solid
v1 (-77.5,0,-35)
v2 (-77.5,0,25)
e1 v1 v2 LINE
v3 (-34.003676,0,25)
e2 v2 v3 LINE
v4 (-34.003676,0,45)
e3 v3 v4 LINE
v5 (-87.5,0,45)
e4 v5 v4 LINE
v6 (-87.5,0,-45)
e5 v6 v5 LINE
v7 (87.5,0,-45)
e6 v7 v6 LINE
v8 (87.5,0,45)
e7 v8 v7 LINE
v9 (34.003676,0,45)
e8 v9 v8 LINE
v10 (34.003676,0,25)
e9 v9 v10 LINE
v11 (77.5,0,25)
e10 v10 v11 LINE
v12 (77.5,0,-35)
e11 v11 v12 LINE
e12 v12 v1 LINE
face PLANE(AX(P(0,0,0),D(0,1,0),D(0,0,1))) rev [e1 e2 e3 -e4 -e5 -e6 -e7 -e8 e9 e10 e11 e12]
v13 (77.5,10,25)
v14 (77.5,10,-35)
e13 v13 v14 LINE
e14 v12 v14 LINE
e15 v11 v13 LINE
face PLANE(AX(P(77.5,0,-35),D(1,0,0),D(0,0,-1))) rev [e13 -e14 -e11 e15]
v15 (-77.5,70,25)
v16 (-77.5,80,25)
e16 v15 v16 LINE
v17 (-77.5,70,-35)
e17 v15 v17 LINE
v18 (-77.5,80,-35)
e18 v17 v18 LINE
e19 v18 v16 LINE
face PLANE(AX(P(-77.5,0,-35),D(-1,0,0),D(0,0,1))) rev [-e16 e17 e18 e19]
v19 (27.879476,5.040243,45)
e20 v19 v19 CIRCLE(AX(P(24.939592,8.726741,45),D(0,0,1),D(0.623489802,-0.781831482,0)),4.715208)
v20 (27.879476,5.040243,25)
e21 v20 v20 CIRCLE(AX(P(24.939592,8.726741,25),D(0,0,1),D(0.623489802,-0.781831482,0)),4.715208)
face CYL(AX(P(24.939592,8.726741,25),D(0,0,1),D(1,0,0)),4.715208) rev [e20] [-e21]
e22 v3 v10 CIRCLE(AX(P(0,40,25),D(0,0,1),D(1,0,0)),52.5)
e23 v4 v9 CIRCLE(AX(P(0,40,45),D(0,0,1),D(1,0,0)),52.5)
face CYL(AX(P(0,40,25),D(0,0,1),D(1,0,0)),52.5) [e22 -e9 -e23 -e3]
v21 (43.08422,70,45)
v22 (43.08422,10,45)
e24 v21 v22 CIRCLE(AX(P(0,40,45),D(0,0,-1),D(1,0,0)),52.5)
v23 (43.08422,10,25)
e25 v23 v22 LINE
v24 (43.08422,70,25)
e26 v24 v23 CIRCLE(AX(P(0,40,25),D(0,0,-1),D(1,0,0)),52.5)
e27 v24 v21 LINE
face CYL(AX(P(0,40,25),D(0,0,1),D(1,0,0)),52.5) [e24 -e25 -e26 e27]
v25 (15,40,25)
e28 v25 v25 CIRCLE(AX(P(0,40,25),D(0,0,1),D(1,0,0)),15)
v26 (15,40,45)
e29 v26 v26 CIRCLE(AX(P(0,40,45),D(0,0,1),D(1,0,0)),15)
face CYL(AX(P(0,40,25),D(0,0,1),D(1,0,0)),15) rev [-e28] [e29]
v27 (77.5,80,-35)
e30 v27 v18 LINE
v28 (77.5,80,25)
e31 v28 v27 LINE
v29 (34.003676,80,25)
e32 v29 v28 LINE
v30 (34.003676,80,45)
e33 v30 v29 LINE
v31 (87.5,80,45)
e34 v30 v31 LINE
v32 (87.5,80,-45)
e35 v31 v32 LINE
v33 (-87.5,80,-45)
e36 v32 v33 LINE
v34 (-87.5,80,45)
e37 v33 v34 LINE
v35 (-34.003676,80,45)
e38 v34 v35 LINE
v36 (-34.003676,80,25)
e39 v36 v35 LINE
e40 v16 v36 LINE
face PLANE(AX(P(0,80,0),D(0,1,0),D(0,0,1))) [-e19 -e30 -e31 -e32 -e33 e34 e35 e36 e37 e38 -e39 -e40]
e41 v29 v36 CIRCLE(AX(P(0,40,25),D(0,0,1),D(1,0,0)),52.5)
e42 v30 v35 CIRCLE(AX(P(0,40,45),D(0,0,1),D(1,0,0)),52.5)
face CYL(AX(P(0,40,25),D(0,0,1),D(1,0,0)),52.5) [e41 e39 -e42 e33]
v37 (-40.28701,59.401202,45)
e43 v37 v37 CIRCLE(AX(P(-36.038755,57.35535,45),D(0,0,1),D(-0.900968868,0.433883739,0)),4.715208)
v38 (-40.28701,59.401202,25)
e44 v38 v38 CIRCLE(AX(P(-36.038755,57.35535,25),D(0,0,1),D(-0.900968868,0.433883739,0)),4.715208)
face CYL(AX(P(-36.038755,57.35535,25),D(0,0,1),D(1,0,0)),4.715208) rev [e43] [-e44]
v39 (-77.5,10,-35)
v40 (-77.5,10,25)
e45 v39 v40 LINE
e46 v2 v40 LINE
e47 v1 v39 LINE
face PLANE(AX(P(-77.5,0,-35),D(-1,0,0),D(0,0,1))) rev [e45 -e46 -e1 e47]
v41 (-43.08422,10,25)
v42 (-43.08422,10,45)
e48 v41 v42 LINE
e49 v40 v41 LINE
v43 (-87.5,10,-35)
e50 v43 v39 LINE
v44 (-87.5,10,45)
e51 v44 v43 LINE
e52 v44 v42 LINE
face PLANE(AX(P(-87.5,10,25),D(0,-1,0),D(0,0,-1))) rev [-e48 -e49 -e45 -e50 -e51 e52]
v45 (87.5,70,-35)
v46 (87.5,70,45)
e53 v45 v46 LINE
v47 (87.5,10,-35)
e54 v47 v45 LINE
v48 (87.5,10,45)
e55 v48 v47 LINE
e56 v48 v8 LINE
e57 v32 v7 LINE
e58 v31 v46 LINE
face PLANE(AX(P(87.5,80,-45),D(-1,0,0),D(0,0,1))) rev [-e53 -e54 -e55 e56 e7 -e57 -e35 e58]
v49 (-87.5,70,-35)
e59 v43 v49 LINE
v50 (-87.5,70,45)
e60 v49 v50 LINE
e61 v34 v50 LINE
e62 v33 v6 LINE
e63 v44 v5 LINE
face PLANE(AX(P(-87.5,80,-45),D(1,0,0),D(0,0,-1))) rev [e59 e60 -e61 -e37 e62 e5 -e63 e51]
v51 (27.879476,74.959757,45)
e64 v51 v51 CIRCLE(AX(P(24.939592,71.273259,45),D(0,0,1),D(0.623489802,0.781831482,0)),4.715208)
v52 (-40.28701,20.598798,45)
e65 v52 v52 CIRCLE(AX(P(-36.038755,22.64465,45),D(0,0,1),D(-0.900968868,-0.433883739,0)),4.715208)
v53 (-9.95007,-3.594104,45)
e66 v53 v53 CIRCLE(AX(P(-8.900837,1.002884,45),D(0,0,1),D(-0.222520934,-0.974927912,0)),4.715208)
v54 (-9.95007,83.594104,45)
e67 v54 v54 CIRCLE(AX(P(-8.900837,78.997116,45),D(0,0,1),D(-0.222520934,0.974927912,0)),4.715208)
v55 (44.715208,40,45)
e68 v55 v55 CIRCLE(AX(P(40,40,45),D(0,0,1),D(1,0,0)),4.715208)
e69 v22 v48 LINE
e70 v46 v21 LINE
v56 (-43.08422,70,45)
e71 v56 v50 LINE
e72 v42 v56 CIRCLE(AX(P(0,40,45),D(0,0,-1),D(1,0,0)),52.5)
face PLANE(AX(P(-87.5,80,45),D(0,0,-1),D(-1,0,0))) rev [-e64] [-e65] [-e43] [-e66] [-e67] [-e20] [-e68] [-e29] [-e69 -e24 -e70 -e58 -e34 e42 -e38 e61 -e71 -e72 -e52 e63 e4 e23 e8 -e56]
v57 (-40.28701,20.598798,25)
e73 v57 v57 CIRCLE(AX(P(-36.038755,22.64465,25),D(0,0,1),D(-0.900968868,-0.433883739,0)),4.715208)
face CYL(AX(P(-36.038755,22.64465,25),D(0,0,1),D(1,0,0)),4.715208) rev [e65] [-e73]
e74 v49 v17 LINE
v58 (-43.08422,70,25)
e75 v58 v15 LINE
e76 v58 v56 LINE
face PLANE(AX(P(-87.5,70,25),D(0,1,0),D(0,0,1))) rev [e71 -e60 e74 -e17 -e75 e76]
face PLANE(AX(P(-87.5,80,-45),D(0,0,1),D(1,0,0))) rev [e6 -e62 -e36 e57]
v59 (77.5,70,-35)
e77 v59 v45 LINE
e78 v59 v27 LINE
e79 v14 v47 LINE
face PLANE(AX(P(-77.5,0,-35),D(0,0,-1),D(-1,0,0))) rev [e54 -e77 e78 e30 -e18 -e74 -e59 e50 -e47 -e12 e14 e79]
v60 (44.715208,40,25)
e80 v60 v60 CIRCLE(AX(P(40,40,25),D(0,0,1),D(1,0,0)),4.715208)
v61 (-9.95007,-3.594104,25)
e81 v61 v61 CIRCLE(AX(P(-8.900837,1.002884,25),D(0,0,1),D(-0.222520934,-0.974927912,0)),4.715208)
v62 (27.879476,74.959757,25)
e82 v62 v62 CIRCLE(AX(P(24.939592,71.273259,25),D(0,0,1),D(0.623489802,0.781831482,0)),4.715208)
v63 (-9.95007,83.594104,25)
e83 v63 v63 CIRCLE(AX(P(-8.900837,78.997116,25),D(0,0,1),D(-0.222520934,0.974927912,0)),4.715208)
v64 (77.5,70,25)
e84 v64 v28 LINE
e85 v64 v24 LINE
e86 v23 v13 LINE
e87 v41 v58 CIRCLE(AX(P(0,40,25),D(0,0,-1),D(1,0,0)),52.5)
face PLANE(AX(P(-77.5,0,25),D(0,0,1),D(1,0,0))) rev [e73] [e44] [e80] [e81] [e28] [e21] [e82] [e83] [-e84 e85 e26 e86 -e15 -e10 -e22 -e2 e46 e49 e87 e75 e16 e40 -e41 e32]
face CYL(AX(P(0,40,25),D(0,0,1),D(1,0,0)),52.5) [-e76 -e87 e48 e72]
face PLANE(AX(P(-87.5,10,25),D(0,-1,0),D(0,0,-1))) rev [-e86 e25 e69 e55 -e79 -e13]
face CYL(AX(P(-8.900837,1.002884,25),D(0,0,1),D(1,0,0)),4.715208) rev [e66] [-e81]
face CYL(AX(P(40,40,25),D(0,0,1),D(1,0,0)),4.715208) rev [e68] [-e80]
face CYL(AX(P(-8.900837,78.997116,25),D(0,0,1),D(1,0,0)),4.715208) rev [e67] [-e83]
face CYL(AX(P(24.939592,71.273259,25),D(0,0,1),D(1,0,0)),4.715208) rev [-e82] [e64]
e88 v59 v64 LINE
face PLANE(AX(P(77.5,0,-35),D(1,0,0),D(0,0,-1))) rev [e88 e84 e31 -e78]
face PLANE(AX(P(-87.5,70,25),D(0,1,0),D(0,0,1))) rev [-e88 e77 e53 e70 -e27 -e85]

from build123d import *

# Parameters (mm, degrees)
SKETCH1_W           = 175
SKETCH1_H           = 90
BOSS_EXTRUDE1_DEPTH = 80
SKETCH2_W           = 155
SKETCH2_H           = 60
CUT_EXTRUDE1_DEPTH  = 80
SKETCH3_W           = 60
SKETCH3_H           = 60
CUT_EXTRUDE2_DEPTH  = 176
SKETCH4_R           = 52.5
BOSS_EXTRUDE3_DEPTH = 20
CUT_EXTRUDE3_DEPTH  = 20
SKETCH6_R           = 4.715207805
CUT_EXTRUDE4_DEPTH  = 20
CIRPATTERN1_COUNT   = 7
SKETCH7_R           = 15
CUT_EXTRUDE5_DEPTH  = 20


with BuildPart() as part:
    # Sketch1 → Boss-Extrude1 (new body)
    with BuildSketch(Plane(origin=(0, 0, 0), x_dir=(1, 0, 0), z_dir=(0, 1, 0))):
        Rectangle(SKETCH1_W, SKETCH1_H)
    extrude(amount=BOSS_EXTRUDE1_DEPTH)

    # Sketch2 → Cut-Extrude1 (cut)
    with BuildSketch(Plane(origin=(0, 80, 0), x_dir=(1, 0, 0), z_dir=(0, 1, 0))):
        with Locations((0, 5)):
            Rectangle(SKETCH2_W, SKETCH2_H)
    extrude(amount=-CUT_EXTRUDE1_DEPTH, mode=Mode.SUBTRACT)

    # Sketch3 → Cut-Extrude2 (cut, through all)
    with BuildSketch(Plane(origin=(87.5, 0, 0), x_dir=(0, 0, -1), z_dir=(1, 0, 0))):
        with Locations((5, 40)):
            Rectangle(SKETCH3_W, SKETCH3_H)
    extrude(amount=-CUT_EXTRUDE2_DEPTH, mode=Mode.SUBTRACT)

    # Sketch4 → Boss-Extrude3 (add)
    with BuildSketch(Plane.XY.offset(45)):
        with Locations((0, 40)):
            Circle(SKETCH4_R)
    extrude(amount=-BOSS_EXTRUDE3_DEPTH)

    # Sketch5 → Cut-Extrude3 (cut)
    with BuildSketch(Plane.XY.offset(45)):
        with BuildLine():
            Line((87.5, 70), (43.084219849, 70))
            ThreePointArc((43.084219849, 70), (52.5, 40), (43.084219849, 10))
            Line((43.084219849, 10), (87.5, 10))
            Line((87.5, 10), (87.5, 70))
        make_face()
        with BuildLine():
            Line((-43.084219849, 70), (-87.5, 70))
            Line((-87.5, 70), (-87.5, 10))
            Line((-87.5, 10), (-43.084219849, 10))
            ThreePointArc((-43.084219849, 10), (-52.5, 40), (-43.084219849, 70))
        make_face()
    extrude(amount=-CUT_EXTRUDE3_DEPTH, mode=Mode.SUBTRACT)

    # Sketch6 → Cut-Extrude4 (cut)
    with BuildSketch(Plane.XY.offset(45)):
        with Locations((40, 40)):
            Circle(SKETCH6_R)
    cut_extrude4 = extrude(amount=-CUT_EXTRUDE4_DEPTH, mode=Mode.SUBTRACT)

    # CirPattern1: Cut-Extrude4 ×7 about axis
    cirpattern1_axis = Axis((0, 40, 0), (0, 0, 1))
    for i in range(1, CIRPATTERN1_COUNT):
        add(cut_extrude4.rotate(cirpattern1_axis, i * 360 / CIRPATTERN1_COUNT), mode=Mode.SUBTRACT)

    # Sketch7 → Cut-Extrude5 (cut)
    with BuildSketch(Plane.XY.offset(45)):
        with Locations((0, 40)):
            Circle(SKETCH7_R)
    extrude(amount=-CUT_EXTRUDE5_DEPTH, mode=Mode.SUBTRACT)


solid = part.part
